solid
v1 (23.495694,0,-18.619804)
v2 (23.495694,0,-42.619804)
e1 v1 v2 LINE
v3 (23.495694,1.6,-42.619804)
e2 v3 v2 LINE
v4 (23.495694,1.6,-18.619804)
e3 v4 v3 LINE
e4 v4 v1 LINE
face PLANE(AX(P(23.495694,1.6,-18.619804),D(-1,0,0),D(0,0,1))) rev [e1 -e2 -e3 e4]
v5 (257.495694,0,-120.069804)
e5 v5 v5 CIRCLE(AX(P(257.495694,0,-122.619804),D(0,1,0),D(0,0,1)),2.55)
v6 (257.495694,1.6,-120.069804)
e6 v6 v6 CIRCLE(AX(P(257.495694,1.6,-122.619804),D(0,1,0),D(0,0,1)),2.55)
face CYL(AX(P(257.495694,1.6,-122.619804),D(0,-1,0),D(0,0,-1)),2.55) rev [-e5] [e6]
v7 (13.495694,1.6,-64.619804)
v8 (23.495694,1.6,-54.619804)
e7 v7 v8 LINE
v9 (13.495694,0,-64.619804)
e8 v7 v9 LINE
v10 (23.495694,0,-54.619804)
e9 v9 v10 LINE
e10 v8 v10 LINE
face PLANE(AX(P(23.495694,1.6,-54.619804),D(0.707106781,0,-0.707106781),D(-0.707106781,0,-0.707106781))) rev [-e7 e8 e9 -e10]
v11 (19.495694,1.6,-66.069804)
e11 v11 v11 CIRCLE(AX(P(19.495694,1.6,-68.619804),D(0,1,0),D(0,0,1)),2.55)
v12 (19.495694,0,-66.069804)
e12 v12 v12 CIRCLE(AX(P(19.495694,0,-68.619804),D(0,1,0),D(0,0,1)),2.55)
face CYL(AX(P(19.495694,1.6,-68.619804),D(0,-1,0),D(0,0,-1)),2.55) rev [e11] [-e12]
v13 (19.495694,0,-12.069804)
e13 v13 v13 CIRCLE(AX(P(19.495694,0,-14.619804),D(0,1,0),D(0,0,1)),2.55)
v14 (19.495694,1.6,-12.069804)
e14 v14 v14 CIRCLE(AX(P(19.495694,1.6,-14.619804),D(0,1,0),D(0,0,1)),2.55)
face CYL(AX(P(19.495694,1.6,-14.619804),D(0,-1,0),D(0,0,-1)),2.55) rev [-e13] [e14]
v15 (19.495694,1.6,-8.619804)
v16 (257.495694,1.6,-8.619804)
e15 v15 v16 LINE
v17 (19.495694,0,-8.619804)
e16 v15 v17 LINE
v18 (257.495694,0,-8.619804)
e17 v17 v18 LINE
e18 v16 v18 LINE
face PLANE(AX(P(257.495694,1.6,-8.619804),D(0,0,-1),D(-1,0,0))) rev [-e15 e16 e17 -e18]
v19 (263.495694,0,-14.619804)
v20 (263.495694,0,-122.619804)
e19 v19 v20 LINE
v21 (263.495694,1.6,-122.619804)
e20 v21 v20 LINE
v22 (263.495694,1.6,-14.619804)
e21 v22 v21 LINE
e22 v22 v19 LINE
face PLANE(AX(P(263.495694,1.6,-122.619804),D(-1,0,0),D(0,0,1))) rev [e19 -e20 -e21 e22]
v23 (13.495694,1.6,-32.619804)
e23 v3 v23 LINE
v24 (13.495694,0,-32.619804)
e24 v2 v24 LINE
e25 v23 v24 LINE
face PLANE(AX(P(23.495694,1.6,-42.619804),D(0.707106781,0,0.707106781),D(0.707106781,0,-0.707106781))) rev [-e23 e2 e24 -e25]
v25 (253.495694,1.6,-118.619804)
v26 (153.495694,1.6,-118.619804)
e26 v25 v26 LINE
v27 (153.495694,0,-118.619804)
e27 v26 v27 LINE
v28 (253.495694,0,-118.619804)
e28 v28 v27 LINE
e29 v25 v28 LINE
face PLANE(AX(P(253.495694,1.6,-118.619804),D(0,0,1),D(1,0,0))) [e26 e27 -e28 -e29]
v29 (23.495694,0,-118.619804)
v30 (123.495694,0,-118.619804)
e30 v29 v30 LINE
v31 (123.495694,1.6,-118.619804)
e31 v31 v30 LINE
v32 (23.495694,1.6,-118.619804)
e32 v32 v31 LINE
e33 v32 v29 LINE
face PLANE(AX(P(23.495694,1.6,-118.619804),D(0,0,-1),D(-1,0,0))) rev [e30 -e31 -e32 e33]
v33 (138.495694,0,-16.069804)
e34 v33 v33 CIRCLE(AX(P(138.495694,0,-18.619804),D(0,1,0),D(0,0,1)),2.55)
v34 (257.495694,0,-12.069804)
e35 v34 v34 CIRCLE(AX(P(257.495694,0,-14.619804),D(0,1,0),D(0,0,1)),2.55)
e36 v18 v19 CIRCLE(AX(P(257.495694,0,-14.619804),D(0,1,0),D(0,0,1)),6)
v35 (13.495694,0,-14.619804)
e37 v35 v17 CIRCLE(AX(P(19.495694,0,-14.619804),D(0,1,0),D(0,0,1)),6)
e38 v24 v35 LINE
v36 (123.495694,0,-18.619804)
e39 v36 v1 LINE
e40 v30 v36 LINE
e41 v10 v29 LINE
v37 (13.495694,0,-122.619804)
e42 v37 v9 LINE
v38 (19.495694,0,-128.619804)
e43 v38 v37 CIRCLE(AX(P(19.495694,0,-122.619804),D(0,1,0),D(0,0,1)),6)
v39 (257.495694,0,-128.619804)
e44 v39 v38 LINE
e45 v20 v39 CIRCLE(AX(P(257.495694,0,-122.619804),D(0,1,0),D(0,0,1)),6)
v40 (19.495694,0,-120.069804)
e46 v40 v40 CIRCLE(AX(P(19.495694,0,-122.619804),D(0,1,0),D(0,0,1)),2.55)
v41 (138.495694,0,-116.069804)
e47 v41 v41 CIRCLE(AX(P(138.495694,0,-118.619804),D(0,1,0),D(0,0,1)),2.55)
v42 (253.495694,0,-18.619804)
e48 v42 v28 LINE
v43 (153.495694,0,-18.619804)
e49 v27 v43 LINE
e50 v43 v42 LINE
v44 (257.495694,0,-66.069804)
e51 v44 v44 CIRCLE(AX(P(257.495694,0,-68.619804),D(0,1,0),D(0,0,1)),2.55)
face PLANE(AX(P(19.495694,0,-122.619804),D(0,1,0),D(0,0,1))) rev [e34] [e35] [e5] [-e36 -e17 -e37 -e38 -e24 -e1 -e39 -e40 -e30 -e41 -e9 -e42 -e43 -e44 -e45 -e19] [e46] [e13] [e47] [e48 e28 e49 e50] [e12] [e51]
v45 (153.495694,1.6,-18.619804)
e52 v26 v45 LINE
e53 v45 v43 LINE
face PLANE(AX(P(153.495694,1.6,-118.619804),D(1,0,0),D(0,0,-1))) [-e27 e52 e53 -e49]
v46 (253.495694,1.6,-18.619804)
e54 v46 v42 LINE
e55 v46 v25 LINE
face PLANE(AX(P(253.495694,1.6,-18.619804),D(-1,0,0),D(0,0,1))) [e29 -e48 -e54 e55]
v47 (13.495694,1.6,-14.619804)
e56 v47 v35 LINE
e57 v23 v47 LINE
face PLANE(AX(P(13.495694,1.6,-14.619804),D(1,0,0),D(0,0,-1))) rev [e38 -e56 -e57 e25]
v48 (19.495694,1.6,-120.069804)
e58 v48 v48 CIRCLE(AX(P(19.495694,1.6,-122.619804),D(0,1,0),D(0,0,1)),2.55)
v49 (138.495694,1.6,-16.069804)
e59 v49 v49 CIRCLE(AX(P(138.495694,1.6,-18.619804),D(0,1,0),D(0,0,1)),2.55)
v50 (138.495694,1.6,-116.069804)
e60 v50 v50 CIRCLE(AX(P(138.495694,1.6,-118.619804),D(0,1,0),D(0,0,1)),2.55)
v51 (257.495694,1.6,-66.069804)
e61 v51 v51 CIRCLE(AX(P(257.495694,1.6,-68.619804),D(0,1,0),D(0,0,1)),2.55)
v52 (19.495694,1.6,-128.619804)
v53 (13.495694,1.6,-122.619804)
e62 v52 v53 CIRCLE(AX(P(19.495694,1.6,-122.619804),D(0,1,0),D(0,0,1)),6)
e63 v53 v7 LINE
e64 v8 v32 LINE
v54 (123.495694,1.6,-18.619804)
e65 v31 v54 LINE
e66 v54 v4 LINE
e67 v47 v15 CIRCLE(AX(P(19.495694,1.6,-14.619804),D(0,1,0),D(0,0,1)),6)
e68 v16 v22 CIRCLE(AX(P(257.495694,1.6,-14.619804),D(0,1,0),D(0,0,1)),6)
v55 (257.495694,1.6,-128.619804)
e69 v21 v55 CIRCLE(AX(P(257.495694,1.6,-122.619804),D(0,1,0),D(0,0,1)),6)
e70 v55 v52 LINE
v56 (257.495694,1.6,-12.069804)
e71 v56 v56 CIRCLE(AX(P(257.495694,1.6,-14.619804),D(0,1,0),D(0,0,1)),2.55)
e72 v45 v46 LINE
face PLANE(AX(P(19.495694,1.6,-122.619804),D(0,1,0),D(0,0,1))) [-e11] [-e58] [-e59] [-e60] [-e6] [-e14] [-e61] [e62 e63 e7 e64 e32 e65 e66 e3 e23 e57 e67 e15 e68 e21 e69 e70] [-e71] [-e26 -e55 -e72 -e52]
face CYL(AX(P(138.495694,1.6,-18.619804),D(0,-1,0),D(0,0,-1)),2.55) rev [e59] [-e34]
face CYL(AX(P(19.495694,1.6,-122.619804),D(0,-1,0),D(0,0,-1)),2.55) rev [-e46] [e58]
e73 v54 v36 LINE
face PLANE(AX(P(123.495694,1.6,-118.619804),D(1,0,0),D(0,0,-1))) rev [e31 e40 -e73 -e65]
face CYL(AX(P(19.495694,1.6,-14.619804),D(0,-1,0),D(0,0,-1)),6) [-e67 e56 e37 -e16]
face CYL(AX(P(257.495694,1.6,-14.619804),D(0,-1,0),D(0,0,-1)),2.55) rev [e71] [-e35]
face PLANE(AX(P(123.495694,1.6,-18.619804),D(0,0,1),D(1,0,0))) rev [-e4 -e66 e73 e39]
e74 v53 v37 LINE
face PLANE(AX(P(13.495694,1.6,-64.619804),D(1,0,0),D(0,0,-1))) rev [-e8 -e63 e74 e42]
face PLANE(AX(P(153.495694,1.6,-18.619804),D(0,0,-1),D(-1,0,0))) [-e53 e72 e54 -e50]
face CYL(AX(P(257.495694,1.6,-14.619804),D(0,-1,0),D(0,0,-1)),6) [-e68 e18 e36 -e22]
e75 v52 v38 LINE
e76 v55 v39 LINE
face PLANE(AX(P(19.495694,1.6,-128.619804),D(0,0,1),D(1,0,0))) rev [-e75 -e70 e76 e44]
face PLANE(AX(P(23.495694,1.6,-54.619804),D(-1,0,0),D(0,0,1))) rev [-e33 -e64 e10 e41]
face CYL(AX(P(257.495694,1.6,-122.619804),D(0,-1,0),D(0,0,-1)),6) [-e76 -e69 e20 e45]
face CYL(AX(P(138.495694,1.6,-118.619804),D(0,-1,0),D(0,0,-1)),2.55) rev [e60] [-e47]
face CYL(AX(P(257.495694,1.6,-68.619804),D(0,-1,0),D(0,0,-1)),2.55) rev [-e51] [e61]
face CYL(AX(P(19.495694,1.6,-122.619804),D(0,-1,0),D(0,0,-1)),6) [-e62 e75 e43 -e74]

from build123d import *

# Parameters (mm, degrees)
SKETCH_1_R      = 2.55
SKETCH_1_W      = 100
SKETCH_1_H      = 100
EXTRUDE_1_DEPTH = 1.6


with BuildPart() as part:
    # 草图1 → 凸台-拉伸1 (new body)
    with BuildSketch(Plane(origin=(0, 0, 0), x_dir=(1, 0, 0), z_dir=(0, 1, 0))):
        with BuildLine():
            Line((13.495694321, 64.619803607), (13.495694321, 122.619803607))
            ThreePointArc((13.495694321, 122.619803607), (15.253053633, 126.862444294), (19.495694321, 128.619803607))
            Line((19.495694321, 128.619803607), (257.495694321, 128.619803607))
            ThreePointArc((257.495694321, 128.619803607), (261.738335008, 126.862444294), (263.495694321, 122.619803607))
            Line((263.495694321, 122.619803607), (263.495694321, 14.619803607))
            ThreePointArc((263.495694321, 14.619803607), (261.738335008, 10.37716292), (257.495694321, 8.619803607))
            Line((257.495694321, 8.619803607), (19.495694321, 8.619803607))
            ThreePointArc((19.495694321, 8.619803607), (15.253053633, 10.37716292), (13.495694321, 14.619803607))
            Line((13.495694321, 14.619803607), (13.495694321, 32.619803607))
            Line((13.495694321, 32.619803607), (23.495694321, 42.619803607))
            Line((23.495694321, 42.619803607), (23.495694321, 18.619803607))
            Line((23.495694321, 18.619803607), (123.495694321, 18.619803607))
            Line((123.495694321, 18.619803607), (123.495694321, 118.619803607))
            Line((123.495694321, 118.619803607), (23.495694321, 118.619803607))
            Line((23.495694321, 118.619803607), (23.495694321, 54.619803607))
            Line((23.495694321, 54.619803607), (13.495694321, 64.619803607))
        make_face()
        with Locations(Location((19.495694321, 122.619803607, 0), (0, 0, 270))):
            Circle(SKETCH_1_R, mode=Mode.SUBTRACT)
        with Locations(Location((257.495694321, 122.619803607, 0), (0, 0, 270))):
            Circle(SKETCH_1_R, mode=Mode.SUBTRACT)
        with Locations(Location((138.495694321, 118.619803607, 0), (0, 0, 270))):
            Circle(SKETCH_1_R, mode=Mode.SUBTRACT)
        with Locations(Location((19.495694321, 14.619803607, 0), (0, 0, 270))):
            Circle(SKETCH_1_R, mode=Mode.SUBTRACT)
        with Locations(Location((257.495694321, 14.619803607, 0), (0, 0, 270))):
            Circle(SKETCH_1_R, mode=Mode.SUBTRACT)
        with Locations(Location((138.495694321, 18.619803607, 0), (0, 0, 270))):
            Circle(SKETCH_1_R, mode=Mode.SUBTRACT)
        with Locations(Location((257.495694321, 68.619803607, 0), (0, 0, 270))):
            Circle(SKETCH_1_R, mode=Mode.SUBTRACT)
        with Locations(Location((19.495694321, 68.619803607, 0), (0, 0, 270))):
            Circle(SKETCH_1_R, mode=Mode.SUBTRACT)
        with Locations((203.495694321, 68.619803607)):
            Rectangle(SKETCH_1_W, SKETCH_1_H, mode=Mode.SUBTRACT)
    extrude(amount=EXTRUDE_1_DEPTH)


solid = part.part
